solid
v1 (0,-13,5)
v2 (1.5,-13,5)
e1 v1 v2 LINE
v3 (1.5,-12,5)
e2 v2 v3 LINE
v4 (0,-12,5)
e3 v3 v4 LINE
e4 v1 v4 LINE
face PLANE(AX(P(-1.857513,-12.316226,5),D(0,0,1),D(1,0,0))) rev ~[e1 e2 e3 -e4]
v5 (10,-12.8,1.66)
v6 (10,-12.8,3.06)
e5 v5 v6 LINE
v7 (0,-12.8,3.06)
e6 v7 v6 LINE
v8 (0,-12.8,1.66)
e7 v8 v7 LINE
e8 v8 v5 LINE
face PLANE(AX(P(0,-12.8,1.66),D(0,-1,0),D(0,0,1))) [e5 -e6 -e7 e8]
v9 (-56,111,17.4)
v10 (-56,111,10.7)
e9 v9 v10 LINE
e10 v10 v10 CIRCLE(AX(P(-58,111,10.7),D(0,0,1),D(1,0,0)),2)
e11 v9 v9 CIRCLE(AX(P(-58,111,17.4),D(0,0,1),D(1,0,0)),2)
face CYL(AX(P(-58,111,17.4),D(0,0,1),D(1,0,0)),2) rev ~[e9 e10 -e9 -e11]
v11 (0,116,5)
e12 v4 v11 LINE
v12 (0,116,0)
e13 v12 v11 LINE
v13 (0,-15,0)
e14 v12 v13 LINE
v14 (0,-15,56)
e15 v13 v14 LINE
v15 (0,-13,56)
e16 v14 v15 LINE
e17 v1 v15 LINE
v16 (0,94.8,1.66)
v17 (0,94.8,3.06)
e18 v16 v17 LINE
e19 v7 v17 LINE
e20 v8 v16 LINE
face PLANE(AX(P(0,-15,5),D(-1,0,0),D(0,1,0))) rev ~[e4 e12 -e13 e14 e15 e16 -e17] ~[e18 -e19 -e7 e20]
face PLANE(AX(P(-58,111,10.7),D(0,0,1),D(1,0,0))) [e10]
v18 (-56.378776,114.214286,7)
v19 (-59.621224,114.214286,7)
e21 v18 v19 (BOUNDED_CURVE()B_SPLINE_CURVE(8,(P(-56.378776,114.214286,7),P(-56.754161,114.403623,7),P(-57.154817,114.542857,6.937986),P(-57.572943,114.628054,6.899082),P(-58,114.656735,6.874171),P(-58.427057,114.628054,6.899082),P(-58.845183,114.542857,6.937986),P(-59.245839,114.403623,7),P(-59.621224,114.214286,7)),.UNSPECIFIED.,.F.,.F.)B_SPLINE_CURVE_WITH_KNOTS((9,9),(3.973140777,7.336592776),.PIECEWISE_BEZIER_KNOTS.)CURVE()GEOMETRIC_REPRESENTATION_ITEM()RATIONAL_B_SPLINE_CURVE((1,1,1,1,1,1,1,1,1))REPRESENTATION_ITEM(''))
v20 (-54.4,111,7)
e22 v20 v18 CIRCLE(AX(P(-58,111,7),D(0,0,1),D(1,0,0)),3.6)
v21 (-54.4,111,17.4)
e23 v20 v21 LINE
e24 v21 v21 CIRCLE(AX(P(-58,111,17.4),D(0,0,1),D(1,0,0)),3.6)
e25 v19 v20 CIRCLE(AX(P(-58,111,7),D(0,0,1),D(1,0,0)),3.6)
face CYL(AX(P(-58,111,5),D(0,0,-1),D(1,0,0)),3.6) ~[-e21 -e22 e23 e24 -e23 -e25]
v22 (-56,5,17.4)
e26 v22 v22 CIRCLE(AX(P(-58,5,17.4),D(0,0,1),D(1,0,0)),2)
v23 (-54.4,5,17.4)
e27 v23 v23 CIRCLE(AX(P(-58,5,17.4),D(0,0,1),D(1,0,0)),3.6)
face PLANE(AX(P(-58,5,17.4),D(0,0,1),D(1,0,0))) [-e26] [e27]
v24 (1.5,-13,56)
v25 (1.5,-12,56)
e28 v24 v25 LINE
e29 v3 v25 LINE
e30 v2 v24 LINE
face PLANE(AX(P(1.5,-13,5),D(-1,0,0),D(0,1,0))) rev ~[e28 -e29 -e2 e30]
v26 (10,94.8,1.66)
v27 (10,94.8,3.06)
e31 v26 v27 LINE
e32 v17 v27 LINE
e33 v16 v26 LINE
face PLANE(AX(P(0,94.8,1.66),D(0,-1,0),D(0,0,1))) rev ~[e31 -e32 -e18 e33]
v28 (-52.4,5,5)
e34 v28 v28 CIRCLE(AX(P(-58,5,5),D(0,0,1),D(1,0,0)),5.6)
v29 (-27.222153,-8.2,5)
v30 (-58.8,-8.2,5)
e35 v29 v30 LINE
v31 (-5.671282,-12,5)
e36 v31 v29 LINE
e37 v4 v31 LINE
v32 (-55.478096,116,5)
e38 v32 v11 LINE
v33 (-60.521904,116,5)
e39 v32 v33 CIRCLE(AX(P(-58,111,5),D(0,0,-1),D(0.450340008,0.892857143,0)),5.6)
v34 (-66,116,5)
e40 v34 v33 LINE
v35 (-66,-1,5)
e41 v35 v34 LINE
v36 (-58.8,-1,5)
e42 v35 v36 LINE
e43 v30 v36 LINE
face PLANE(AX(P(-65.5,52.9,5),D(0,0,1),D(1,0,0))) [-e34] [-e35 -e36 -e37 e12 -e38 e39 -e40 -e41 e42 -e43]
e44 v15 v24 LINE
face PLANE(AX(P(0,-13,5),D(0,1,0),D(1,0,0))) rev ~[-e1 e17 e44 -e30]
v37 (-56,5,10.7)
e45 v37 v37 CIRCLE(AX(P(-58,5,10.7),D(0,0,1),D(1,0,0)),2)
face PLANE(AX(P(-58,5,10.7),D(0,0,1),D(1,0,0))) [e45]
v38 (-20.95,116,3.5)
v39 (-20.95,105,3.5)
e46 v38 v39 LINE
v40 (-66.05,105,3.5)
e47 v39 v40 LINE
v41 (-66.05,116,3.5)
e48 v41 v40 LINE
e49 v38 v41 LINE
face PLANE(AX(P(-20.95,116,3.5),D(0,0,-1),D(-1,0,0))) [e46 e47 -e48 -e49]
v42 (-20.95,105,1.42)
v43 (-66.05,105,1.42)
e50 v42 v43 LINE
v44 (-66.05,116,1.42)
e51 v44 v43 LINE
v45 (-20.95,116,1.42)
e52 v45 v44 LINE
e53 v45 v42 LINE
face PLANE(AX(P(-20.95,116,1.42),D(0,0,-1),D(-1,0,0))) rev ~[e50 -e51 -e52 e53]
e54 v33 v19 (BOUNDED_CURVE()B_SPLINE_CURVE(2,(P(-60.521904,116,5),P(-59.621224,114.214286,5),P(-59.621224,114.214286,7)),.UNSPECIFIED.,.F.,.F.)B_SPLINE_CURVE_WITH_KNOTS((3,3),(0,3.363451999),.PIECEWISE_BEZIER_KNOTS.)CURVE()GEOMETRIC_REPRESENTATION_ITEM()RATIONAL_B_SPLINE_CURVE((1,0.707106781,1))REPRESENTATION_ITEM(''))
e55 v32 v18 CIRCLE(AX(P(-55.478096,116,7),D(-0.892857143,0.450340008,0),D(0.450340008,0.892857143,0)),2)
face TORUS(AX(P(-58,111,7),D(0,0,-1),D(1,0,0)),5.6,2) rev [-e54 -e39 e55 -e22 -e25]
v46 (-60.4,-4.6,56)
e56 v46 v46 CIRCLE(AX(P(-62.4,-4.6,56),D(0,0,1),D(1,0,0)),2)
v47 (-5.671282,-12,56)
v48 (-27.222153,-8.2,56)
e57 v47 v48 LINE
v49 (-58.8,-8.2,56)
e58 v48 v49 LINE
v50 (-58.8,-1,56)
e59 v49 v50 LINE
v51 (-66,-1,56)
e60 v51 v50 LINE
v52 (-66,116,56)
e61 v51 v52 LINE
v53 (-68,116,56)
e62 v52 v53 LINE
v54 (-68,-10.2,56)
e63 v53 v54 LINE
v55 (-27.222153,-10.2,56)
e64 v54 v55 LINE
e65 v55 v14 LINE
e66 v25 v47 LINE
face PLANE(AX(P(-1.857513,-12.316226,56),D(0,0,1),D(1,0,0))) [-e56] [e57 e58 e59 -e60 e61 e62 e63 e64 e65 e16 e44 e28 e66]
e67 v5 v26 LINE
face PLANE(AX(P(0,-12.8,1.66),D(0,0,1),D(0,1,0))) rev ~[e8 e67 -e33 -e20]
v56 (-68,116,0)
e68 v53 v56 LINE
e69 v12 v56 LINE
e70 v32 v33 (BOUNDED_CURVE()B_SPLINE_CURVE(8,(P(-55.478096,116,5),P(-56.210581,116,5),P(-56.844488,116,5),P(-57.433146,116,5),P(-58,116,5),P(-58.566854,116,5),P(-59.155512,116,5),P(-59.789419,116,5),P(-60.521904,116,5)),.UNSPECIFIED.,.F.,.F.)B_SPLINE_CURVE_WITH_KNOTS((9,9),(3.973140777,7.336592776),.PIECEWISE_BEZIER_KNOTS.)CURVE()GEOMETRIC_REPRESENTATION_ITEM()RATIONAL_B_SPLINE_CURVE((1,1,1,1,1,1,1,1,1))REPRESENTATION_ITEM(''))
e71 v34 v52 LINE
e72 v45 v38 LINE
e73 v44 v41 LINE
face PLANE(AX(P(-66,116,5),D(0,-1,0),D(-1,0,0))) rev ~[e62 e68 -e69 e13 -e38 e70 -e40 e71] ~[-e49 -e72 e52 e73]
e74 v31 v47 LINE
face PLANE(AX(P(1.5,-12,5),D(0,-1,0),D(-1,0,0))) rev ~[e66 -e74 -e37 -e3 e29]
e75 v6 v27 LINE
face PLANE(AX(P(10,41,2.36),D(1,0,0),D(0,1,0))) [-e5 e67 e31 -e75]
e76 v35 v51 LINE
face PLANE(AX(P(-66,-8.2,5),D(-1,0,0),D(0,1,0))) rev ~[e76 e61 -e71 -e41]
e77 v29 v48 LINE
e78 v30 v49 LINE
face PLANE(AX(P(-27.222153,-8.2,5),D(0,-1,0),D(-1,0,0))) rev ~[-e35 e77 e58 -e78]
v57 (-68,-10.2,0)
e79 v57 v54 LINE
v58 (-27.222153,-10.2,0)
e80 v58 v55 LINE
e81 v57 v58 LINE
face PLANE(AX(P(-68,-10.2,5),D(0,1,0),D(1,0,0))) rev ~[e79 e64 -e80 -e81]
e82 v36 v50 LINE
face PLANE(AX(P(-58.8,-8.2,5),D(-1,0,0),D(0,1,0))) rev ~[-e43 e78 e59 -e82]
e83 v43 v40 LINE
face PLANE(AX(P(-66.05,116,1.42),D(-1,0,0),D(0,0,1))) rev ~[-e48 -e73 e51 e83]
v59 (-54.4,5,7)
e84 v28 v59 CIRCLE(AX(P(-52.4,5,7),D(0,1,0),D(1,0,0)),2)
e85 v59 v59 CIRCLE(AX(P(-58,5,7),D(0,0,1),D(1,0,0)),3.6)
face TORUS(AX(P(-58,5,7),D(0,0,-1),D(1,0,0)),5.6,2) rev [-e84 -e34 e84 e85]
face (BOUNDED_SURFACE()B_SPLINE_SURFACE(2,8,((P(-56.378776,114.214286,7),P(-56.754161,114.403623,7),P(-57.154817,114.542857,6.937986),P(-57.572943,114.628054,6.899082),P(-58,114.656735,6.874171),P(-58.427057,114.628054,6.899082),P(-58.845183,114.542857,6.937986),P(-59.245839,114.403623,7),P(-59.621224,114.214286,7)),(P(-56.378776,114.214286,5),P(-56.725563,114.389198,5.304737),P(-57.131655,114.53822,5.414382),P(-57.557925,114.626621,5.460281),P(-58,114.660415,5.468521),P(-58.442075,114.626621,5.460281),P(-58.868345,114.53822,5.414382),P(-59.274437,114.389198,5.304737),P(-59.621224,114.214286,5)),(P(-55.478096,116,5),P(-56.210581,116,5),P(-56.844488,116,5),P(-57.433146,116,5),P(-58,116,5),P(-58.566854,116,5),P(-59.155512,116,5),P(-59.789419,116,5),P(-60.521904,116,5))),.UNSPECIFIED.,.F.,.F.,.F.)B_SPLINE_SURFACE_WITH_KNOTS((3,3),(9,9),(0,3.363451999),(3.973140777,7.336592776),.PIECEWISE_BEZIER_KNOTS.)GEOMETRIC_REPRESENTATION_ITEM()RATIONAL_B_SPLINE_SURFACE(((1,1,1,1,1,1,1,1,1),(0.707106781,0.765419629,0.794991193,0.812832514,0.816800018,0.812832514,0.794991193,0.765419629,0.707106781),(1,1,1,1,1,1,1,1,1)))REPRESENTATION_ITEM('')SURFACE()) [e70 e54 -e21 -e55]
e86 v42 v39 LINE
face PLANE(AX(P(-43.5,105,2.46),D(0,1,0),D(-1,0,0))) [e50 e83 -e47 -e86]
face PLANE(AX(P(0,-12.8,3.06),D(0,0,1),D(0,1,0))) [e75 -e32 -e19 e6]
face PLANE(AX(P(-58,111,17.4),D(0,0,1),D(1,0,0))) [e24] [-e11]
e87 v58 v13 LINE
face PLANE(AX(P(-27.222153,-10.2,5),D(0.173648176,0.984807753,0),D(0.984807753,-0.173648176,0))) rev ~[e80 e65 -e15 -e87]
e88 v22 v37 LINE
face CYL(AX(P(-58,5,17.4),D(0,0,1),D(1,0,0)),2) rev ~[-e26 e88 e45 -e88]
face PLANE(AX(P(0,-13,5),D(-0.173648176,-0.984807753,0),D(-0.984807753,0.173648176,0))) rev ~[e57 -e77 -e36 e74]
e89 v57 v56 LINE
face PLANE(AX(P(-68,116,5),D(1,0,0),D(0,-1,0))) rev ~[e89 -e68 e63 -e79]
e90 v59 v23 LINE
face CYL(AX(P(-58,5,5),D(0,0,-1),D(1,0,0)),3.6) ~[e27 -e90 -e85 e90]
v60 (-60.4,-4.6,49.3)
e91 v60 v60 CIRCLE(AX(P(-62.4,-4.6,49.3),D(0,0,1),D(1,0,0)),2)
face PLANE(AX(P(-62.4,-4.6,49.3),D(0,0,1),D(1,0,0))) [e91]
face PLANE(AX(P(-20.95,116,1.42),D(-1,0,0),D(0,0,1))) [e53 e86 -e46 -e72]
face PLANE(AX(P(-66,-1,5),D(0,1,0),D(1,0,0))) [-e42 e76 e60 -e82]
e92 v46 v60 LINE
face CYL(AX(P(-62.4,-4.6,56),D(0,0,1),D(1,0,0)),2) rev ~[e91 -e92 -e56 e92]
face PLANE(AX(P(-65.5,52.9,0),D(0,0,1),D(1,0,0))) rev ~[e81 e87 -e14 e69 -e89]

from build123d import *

# Parameters (mm, degrees)
SKETCH_1_W      = 63
SKETCH_1_H      = 116
PAD_DEPTH       = 5
PAD001_DEPTH    = 5
SKETCH001_W     = 5
SKETCH001_H     = 126.2
PAD002_DEPTH    = 5
PAD003_DEPTH    = 51
SKETCH003_W     = 7.2
SKETCH003_H     = 7.2
PAD004_DEPTH    = 51
SKETCH004_R     = 2
POCKET_DEPTH    = 6.7
SKETCH005_W     = 107.6
SKETCH005_H     = 1.4
PAD005_DEPTH    = 10
SKETCH006_R     = 3.6
PAD006_DEPTH    = 12.4
SKETCH007_R     = 2
POCKET001_DEPTH = 6.7
SKETCH008_W     = 45.1
SKETCH008_H     = 2.08
POCKET002_DEPTH = 11
PAD007_DEPTH    = 51
FILLET_R        = 2


with BuildPart() as part:
    # Sketch_1 → Pad (new body)
    with BuildSketch(Plane.XY):
        with Locations((-31.5, 58)):
            Rectangle(SKETCH_1_W, SKETCH_1_H)
    extrude(amount=PAD_DEPTH)

    # Sketch → Pad001 (join)
    with BuildSketch(Plane.XY):
        Polygon((0, 0), (-63, 0), (-63, -10.2), (-27.222153, -10.2), (0, -15), align=None)
    extrude(amount=PAD001_DEPTH)

    # Sketch001 → Pad002 (join)
    with BuildSketch(Plane.XY):
        with Locations((-65.5, 52.9)):
            Rectangle(SKETCH001_W, SKETCH001_H)
    extrude(amount=PAD002_DEPTH)

    # Sketch002 (on Face8 of Pad002) → Pad003 (join)
    with BuildSketch(Plane.XY.offset(5)):
        Polygon((-68, 116), (-68, -10.2), (-27.222153, -10.2), (0, -15), (0, -13), (-27.222153, -8.2), (-66, -8.2), (-66, 116), align=None)
    extrude(amount=PAD003_DEPTH)

    # Sketch003 (on Face8 of Pad003) → Pad004 (join)
    with BuildSketch(Plane.XY.offset(5)):
        with Locations((-62.4, -4.6)):
            Rectangle(SKETCH003_W, SKETCH003_H)
    extrude(amount=PAD004_DEPTH)

    # Sketch004 (on Face25 of Pad004) → Pocket (cut)
    with BuildSketch(Plane.XY.offset(56)):
        with Locations((-62.4, -4.6)):
            Circle(SKETCH004_R)
    extrude(amount=-POCKET_DEPTH, mode=Mode.SUBTRACT)

    # Sketch005 (on Face3 of Pocket) → Pad005 (join)
    with BuildSketch(Plane.YZ):
        with Locations((41, 2.36)):
            Rectangle(SKETCH005_W, SKETCH005_H)
    extrude(amount=PAD005_DEPTH)

    # Sketch006 (on Face5 of Pad005) → Pad006 (join)
    with BuildSketch(Plane.XY.offset(5)):
        with Locations((-58, 5)):
            Circle(SKETCH006_R)
        with Locations((-58, 111)):
            Circle(SKETCH006_R)
    extrude(amount=PAD006_DEPTH)

    # Sketch007 (on Face31 of Pad006) → Pocket001 (cut)
    with BuildSketch(Plane.XY.offset(17.4)):
        with Locations((-58, 5)):
            Circle(SKETCH007_R)
        with Locations((-58, 111)):
            Circle(SKETCH007_R)
    extrude(amount=-POCKET001_DEPTH, mode=Mode.SUBTRACT)

    # Sketch008 (on Face1 of Pocket001) → Pocket002 (cut)
    with BuildSketch(Plane(origin=(0, 116, 0), x_dir=(-1, 0, 0), z_dir=(0, 1, 0))):
        with Locations((43.5, 2.46)):
            Rectangle(SKETCH008_W, SKETCH008_H)
    extrude(amount=-POCKET002_DEPTH, mode=Mode.SUBTRACT)

    # Sketch009 (on Face15 of Pocket002) → Pad007 (join)
    with BuildSketch(Plane.XY.offset(5)):
        Polygon((0, -12), (-5.671282, -12), (0, -13), (1.5, -13), (1.5, -12), align=None)
    extrude(amount=PAD007_DEPTH)

    # Fillet
    fillet_edges = [part.edges().sort_by_distance(p)[0] for p in [
        (-61.6, 111, 5),
        (-61.6, 5, 5),
    ]]
    fillet(fillet_edges, radius=FILLET_R)


solid = part.part
